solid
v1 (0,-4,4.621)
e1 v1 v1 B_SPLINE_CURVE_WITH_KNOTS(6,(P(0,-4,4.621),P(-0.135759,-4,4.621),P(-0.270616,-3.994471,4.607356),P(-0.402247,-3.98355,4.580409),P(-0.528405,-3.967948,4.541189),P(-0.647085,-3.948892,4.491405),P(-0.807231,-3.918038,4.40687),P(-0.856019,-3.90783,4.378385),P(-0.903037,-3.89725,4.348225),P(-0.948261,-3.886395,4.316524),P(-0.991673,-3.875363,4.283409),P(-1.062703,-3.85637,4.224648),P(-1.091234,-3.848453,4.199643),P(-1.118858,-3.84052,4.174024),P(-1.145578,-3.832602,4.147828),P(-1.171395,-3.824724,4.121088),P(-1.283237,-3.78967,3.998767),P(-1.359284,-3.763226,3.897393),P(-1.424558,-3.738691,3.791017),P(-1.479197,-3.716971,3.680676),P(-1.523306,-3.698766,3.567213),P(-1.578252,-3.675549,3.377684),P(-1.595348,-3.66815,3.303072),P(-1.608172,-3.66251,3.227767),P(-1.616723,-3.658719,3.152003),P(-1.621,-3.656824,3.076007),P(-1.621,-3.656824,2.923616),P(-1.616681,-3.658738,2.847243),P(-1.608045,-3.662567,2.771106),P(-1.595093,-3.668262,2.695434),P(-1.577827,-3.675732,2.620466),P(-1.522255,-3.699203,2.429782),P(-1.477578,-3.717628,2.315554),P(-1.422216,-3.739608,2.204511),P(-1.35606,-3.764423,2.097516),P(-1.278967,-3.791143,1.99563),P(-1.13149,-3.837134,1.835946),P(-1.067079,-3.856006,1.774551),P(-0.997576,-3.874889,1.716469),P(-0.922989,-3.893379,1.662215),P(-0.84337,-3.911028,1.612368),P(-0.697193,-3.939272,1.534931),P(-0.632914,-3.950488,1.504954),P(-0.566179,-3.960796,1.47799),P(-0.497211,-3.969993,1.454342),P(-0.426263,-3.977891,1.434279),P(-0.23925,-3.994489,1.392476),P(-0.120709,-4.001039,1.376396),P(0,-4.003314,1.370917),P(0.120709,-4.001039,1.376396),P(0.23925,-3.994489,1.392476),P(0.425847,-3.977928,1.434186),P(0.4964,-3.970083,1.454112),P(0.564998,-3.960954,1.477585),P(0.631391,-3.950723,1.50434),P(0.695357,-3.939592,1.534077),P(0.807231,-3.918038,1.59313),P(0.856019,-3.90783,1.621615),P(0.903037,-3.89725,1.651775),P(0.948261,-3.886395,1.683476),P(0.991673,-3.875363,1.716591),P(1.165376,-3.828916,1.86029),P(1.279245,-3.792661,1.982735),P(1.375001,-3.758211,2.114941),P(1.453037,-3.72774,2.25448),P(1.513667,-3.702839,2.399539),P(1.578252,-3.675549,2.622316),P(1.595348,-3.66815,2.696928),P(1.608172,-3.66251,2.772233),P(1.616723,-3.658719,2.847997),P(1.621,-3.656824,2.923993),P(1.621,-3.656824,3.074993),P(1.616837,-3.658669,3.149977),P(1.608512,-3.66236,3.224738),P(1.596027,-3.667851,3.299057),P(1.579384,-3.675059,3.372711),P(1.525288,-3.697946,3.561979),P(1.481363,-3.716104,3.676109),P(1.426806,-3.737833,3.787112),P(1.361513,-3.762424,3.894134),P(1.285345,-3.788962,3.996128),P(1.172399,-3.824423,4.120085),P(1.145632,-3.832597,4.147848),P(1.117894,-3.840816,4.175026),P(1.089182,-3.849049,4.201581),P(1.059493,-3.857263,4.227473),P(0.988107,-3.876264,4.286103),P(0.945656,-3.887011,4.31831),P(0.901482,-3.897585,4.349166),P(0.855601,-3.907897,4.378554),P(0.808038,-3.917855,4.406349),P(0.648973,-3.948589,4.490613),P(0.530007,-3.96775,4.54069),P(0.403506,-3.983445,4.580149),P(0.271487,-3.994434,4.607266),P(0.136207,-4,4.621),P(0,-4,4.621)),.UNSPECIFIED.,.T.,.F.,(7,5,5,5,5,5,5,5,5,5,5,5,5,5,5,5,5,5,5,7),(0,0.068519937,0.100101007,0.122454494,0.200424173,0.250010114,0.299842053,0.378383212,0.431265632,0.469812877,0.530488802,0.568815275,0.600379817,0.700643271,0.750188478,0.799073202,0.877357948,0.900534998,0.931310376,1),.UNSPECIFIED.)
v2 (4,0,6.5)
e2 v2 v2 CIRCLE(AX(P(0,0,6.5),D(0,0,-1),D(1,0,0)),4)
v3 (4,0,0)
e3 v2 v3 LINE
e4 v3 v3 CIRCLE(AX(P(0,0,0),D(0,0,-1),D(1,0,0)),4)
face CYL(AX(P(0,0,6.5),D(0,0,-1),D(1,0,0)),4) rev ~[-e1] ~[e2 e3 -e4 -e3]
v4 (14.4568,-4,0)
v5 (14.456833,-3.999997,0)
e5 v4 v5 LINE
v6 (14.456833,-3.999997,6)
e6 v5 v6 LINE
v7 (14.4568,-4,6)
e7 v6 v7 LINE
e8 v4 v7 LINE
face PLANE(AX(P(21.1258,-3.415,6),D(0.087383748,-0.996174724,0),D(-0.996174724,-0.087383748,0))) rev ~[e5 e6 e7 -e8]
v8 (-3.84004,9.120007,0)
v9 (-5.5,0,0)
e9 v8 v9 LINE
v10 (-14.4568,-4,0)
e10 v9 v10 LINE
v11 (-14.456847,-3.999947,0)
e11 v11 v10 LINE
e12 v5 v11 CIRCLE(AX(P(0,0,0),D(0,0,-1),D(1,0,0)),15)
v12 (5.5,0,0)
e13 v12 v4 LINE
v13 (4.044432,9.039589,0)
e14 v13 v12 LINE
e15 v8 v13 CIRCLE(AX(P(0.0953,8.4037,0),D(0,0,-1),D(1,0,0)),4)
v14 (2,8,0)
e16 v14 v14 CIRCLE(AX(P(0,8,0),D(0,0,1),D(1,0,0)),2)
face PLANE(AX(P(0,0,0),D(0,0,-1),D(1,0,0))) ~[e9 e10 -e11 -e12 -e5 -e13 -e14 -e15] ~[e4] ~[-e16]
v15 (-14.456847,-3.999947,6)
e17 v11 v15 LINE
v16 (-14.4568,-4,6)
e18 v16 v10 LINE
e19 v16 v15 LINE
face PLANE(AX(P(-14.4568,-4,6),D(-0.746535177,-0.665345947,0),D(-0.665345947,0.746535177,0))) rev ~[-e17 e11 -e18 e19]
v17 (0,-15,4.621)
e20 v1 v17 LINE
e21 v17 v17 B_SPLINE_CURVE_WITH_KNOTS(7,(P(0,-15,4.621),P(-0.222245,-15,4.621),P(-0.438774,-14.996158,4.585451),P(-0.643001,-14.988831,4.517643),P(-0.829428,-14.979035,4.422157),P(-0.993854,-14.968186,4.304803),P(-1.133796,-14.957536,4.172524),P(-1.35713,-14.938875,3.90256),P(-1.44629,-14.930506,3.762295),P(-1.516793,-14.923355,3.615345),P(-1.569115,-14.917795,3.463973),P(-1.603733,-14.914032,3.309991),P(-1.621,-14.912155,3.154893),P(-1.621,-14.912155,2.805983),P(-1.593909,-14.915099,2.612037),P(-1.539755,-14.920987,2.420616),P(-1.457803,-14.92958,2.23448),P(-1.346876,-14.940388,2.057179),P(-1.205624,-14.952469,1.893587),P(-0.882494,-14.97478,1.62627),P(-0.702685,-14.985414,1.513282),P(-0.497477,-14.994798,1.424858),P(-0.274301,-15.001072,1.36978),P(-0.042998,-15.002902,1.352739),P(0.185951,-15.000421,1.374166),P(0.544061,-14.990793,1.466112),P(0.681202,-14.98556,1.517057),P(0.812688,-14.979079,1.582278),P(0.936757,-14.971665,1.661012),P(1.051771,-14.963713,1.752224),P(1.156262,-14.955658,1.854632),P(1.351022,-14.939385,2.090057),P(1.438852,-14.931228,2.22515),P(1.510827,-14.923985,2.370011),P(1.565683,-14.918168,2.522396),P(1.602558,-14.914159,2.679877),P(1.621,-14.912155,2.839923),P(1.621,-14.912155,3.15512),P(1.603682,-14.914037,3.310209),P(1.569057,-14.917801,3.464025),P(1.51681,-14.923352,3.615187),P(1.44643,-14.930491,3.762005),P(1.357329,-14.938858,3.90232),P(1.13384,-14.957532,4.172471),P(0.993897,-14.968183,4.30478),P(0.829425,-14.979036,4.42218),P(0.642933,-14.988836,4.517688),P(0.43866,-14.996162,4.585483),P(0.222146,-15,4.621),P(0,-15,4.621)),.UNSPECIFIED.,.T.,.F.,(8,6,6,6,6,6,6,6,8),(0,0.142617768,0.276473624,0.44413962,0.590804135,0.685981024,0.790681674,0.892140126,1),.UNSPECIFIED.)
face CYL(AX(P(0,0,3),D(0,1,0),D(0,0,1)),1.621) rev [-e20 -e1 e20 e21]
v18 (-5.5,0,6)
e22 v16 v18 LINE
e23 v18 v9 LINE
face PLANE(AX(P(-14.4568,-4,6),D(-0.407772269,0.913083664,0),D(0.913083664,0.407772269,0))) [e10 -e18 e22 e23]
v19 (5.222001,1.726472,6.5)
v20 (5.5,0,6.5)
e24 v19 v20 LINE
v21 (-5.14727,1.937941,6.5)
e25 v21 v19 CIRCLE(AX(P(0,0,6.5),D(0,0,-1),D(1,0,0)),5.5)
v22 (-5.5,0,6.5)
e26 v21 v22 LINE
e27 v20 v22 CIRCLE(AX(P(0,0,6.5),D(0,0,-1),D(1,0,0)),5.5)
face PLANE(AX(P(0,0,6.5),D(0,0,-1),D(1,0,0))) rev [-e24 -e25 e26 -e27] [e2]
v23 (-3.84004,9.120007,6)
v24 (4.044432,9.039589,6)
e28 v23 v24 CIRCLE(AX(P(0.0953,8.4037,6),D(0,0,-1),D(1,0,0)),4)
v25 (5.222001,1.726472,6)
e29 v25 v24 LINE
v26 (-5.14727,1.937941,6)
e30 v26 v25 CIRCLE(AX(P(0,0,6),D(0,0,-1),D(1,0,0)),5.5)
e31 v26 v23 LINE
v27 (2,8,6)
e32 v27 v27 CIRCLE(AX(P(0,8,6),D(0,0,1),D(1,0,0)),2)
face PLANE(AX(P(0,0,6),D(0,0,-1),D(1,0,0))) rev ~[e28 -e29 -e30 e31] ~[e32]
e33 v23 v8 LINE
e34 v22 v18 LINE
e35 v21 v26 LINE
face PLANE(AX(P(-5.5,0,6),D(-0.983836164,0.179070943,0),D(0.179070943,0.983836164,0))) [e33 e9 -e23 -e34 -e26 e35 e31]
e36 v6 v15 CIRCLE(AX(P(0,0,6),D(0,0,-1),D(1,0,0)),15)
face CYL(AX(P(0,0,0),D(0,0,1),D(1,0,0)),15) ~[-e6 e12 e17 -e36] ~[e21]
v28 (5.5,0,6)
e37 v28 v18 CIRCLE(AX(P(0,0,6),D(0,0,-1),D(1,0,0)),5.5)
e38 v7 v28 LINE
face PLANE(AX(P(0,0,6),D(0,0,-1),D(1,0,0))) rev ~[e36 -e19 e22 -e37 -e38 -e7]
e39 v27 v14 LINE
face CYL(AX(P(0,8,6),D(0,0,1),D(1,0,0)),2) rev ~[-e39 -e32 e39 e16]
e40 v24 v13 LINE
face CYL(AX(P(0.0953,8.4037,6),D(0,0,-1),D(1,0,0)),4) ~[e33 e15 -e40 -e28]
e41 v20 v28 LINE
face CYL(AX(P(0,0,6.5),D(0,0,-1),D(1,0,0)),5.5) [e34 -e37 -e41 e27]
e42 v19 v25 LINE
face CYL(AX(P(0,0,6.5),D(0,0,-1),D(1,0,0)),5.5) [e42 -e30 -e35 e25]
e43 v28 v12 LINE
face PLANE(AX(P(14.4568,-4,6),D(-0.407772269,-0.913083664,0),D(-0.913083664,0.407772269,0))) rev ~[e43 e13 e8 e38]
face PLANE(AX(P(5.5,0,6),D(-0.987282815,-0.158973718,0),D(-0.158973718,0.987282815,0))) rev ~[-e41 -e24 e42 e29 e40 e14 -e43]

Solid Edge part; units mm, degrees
sketch "Sketch1" plane through (0, 0, 0) normal (0, -1, 0) x (1, 0, 0)
  line L0 (4, 0) -> (15, 0)
  line L1 (15, 0) -> (15, 6)
  line L2 (15, 6) -> (5.5, 6)
  line L3 (5.5, 6.5) -> (5.5, 6)
  line L4 (4, 6.5) -> (5.5, 6.5)
  line L5 (4, 6.5) -> (4, 0)
  dimension "D1" = 5.5
  dimension "D2" = 4
  dimension "D3" = 15
  dimension "D4" = 6
  dimension "D5" = 6.5
revolve "RevolvedProtrusion1" add sketch "Sketch1" angle 360 about axis through (0, 0, 6.5) along (0, 0, -1)
sketch "Sketch2" plane through (0, 0, 6) normal (0, 0, 1) x (1, 0, 0)
  line L0 (14.4568, -4) -> (5.5, 0)
  line L1 (5.5, 0) -> (4.0445, 9.0396)
  line L2 (-5.5, 0) -> (-3.84, 9.12)
  line L3 (-14.4568, -4) -> (-5.5, 0)
  line L4 (-14.4568, -4) -> (-19.3107, 1.4462)
  line L5 (-19.3107, 1.4462) -> (-10.4784, 15.4995)
  line L6 (-10.4784, 15.4995) -> (15.0272, 16.6485)
  line L7 (15.0272, 16.6485) -> (21.6119, 7.3238)
  line L8 (21.6119, 7.3238) -> (21.1258, -3.415)
  line L9 (21.1258, -3.415) -> (14.4568, -4)
  arc A0 (4.0445, 9.0396) -> (-3.84, 9.12) centre (0.0953, 8.4037) ccw
  circle A1 centre (0, 8) radius 2
extrude "Cutout1" cut sketch "Sketch2" along normal through all and the other way through all
hole "Bohrung_1" at (0, 0, 3) direction (0, -1, 0) diameter 3.242 end up to next thread major 4 thread length 2
